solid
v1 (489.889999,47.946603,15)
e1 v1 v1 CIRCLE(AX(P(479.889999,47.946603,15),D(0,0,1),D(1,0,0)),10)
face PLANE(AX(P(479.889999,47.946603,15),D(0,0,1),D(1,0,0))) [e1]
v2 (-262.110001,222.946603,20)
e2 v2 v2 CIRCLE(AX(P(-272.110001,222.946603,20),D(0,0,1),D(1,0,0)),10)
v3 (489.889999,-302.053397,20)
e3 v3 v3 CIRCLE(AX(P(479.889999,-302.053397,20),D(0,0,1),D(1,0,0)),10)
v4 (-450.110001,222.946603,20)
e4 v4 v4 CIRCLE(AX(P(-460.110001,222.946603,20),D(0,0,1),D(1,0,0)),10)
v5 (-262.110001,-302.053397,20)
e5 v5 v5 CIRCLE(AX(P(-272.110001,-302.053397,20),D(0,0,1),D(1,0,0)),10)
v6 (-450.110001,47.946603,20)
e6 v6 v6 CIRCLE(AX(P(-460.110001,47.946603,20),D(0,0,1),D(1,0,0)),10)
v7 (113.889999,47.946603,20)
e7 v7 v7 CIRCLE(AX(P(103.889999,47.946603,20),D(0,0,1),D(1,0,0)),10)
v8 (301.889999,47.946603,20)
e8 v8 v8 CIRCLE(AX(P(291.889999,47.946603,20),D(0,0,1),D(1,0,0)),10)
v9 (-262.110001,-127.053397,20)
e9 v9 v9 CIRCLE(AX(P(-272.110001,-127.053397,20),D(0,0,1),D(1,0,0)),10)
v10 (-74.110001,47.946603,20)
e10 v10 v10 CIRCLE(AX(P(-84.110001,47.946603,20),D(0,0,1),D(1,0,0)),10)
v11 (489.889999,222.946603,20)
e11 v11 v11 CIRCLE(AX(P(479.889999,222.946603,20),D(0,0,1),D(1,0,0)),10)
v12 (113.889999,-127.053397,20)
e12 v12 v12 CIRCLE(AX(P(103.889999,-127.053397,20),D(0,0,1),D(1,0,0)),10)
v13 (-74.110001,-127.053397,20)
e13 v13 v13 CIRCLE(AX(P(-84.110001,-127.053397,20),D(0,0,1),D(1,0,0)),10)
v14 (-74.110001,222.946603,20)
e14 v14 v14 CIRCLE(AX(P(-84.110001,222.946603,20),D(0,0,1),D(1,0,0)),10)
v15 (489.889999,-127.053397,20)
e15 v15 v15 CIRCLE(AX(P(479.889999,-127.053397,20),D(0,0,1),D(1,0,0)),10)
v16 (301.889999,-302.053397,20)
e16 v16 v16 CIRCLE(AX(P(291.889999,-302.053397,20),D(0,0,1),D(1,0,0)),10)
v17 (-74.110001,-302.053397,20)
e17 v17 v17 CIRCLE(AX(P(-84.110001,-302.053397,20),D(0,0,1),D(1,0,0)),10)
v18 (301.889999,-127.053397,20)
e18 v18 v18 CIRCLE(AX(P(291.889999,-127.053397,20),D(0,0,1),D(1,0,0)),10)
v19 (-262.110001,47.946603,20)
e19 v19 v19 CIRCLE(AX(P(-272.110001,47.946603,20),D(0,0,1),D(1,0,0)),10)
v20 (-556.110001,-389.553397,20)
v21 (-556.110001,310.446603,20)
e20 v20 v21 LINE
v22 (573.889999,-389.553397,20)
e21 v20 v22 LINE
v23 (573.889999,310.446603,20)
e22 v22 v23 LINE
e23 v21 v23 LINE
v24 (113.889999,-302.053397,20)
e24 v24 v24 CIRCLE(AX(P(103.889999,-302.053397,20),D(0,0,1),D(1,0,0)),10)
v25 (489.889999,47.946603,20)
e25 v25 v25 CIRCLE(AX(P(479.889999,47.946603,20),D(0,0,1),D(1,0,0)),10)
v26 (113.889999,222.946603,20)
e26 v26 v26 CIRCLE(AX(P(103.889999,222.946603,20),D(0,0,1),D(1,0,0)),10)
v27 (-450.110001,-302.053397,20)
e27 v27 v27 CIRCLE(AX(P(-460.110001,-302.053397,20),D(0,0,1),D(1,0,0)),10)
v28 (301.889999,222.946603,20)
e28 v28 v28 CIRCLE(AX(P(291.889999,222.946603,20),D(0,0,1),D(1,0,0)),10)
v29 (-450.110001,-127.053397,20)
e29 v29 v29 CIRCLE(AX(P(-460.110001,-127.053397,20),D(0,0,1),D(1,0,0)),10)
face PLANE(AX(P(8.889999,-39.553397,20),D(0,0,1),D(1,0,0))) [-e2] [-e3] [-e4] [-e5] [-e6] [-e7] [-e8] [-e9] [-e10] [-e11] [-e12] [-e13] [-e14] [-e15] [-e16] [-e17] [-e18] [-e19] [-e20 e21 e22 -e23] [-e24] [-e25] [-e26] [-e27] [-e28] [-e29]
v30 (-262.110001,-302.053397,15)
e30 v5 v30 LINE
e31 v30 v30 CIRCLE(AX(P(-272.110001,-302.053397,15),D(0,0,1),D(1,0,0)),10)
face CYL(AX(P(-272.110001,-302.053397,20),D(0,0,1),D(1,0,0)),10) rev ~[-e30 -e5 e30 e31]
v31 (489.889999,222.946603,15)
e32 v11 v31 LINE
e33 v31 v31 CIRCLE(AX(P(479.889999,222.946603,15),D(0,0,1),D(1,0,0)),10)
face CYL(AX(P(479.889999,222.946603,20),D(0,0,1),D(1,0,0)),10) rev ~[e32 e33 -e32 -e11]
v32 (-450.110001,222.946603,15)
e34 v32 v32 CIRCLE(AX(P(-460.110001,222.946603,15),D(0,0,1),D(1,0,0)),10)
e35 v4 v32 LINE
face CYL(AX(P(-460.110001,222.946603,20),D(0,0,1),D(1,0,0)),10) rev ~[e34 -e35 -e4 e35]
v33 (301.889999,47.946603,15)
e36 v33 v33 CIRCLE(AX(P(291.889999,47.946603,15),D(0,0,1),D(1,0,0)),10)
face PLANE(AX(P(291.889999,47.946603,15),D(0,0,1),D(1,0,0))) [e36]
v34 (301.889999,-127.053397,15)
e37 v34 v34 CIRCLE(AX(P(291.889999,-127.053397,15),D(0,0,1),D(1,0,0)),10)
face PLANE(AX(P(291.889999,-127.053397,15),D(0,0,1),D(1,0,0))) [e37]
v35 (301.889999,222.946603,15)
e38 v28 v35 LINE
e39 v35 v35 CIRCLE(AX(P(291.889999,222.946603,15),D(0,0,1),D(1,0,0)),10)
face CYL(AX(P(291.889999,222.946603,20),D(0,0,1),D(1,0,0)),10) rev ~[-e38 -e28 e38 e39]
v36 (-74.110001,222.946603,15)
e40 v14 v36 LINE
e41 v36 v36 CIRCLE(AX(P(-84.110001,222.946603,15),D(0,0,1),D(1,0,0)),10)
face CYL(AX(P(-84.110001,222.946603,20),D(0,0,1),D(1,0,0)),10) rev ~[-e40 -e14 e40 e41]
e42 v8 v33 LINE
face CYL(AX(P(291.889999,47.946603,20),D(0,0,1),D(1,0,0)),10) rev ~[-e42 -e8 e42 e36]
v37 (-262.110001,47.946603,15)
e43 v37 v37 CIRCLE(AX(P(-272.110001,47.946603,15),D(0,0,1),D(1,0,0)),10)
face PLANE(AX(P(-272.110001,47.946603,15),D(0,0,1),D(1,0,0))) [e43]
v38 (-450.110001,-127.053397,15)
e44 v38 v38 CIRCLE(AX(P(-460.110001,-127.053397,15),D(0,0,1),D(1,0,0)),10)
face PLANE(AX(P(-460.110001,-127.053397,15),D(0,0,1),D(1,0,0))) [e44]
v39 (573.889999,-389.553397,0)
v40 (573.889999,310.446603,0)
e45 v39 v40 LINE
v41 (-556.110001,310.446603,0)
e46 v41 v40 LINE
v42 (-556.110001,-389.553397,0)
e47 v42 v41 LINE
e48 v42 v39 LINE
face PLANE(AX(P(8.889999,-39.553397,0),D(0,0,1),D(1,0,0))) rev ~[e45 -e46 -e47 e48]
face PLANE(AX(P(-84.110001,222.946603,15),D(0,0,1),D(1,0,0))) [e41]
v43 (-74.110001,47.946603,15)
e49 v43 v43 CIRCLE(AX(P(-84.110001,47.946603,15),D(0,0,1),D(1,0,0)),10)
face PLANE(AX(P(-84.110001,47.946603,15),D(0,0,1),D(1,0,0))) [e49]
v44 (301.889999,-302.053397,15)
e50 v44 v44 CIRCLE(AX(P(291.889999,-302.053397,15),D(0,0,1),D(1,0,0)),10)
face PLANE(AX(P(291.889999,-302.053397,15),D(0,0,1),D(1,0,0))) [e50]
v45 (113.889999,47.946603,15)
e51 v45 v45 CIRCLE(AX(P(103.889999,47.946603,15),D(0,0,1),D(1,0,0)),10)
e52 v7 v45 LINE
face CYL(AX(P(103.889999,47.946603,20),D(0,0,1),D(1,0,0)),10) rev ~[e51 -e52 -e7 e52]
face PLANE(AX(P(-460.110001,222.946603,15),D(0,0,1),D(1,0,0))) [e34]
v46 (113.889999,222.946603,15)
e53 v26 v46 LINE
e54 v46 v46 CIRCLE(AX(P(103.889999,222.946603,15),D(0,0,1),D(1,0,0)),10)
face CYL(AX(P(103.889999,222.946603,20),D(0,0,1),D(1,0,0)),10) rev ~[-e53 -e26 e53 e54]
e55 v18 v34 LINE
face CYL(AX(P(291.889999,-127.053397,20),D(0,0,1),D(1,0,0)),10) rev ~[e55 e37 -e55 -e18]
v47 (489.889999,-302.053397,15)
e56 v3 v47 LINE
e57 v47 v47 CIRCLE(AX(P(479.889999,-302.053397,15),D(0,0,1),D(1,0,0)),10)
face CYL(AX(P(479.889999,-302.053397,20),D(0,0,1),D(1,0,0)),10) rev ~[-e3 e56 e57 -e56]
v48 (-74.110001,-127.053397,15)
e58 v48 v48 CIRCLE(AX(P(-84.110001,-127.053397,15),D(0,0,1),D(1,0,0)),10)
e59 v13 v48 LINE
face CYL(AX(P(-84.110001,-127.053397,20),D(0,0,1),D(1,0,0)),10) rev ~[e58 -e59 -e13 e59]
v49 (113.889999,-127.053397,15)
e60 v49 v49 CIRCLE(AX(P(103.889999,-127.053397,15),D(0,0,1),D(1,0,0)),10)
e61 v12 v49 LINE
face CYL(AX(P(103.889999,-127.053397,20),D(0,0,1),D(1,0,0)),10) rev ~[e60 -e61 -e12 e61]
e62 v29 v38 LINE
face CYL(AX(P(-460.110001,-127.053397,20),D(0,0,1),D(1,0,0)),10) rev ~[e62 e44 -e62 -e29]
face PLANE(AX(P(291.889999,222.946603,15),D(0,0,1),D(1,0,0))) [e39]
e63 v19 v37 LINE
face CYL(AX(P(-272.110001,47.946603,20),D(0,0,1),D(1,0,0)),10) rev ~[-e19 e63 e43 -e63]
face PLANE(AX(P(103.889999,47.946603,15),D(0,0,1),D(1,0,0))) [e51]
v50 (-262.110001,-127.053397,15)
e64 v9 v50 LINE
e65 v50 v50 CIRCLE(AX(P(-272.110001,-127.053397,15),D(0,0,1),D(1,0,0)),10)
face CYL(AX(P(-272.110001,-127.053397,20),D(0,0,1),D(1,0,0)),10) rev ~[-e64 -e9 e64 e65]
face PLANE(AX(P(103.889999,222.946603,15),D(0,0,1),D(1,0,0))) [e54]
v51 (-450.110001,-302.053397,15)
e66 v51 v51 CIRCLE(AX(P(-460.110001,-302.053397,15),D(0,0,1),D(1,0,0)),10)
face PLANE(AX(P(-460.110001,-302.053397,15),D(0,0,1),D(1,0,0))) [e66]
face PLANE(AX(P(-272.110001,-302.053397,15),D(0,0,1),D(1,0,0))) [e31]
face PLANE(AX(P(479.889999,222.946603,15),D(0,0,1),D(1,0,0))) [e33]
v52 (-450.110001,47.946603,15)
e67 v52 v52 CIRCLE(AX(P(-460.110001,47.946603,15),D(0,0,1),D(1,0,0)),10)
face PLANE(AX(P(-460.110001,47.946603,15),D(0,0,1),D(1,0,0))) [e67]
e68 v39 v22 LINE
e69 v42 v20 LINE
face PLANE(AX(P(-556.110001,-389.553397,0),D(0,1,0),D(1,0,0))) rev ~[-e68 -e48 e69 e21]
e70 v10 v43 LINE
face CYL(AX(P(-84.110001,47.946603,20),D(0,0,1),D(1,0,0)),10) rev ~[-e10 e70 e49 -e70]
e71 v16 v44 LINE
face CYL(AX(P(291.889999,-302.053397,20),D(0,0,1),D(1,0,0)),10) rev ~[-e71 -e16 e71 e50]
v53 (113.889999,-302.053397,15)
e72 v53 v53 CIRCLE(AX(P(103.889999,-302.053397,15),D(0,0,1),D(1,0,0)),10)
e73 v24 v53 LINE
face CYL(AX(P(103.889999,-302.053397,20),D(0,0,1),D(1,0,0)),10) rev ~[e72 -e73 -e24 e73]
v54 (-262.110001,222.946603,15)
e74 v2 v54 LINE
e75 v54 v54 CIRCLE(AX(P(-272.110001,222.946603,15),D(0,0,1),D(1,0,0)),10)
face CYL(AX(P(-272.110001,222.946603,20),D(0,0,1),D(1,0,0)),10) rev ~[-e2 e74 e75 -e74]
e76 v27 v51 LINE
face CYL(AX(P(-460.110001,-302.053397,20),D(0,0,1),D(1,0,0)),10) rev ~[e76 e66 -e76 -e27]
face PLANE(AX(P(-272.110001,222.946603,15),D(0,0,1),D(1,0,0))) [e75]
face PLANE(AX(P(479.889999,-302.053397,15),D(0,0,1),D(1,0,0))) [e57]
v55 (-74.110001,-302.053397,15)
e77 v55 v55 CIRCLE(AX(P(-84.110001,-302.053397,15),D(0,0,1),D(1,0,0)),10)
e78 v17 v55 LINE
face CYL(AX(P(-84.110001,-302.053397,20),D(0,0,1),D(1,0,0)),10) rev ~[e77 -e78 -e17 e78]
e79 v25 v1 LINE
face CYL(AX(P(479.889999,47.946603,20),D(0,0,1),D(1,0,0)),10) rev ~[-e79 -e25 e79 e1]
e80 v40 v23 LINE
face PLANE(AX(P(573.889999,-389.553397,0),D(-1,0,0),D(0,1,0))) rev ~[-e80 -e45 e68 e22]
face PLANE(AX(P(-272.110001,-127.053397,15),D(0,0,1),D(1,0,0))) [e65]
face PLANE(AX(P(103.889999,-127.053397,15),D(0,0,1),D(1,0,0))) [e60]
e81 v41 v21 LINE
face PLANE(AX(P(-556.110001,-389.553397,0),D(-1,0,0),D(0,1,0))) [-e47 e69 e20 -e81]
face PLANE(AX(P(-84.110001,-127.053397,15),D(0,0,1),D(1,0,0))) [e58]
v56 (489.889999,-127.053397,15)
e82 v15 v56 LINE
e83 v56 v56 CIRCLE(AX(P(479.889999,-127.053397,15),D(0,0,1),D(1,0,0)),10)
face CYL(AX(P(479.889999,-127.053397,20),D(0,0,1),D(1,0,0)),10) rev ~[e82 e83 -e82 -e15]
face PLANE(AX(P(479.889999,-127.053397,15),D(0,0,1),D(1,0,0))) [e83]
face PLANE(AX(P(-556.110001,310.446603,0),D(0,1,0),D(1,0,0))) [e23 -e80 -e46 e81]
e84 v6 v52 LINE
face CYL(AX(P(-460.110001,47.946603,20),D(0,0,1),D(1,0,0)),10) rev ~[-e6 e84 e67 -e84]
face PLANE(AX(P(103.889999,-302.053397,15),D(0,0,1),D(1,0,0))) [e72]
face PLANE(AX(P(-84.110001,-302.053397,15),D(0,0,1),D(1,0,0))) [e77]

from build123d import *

# Parameters (mm, degrees)
F0_W     = 1130
F0_H     = 700
F1_DEPTH = 20
F2_R     = 10
F3_DEPTH = 5
F4_DEPTH = 5


with BuildPart() as f1:
    # F0 (on Top) → F1 (new body)
    with BuildSketch(Plane.XY):
        with Locations((8.889999, -39.553397)):
            Rectangle(F0_W, F0_H)
    extrude(amount=F1_DEPTH)

    # F2 (on face) → F3 (cut)
    with BuildSketch(Plane.XY.offset(20)):
        with Locations((479.889999, 222.946603)):
            Circle(F2_R)
    extrude(amount=-F3_DEPTH, mode=Mode.SUBTRACT)

    # F2 (on face) → F4 (cut)
    with BuildSketch(Plane.XY.offset(20)):
        with Locations((479.889999, 222.946603)):
            Circle(F2_R)
        with Locations((291.889999, 222.946603)):
            Circle(F2_R)
        with Locations((103.889999, 222.946603)):
            Circle(F2_R)
        with Locations((-84.110001, 222.946603)):
            Circle(F2_R)
        with Locations((-272.110001, 222.946603)):
            Circle(F2_R)
        with Locations((-460.110001, 222.946603)):
            Circle(F2_R)
        with Locations((-460.110001, 47.946603)):
            Circle(F2_R)
        with Locations((-460.110001, -127.053397)):
            Circle(F2_R)
        with Locations((-460.110001, -302.053397)):
            Circle(F2_R)
        with Locations((-272.110001, -302.053397)):
            Circle(F2_R)
        with Locations((-84.110001, -302.053397)):
            Circle(F2_R)
        with Locations((103.889999, -302.053397)):
            Circle(F2_R)
        with Locations((291.889999, -302.053397)):
            Circle(F2_R)
        with Locations((479.889999, -302.053397)):
            Circle(F2_R)
        with Locations((479.889999, -127.053397)):
            Circle(F2_R)
        with Locations((479.889999, 47.946603)):
            Circle(F2_R)
        with Locations((291.889999, 47.946603)):
            Circle(F2_R)
        with Locations((291.889999, -127.053397)):
            Circle(F2_R)
        with Locations((103.889999, -127.053397)):
            Circle(F2_R)
        with Locations((-84.110001, -127.053397)):
            Circle(F2_R)
        with Locations((-272.110001, -127.053397)):
            Circle(F2_R)
        with Locations((-272.110001, 47.946603)):
            Circle(F2_R)
        with Locations((-84.110001, 47.946603)):
            Circle(F2_R)
        with Locations((103.889999, 47.946603)):
            Circle(F2_R)
    extrude(amount=-F4_DEPTH, mode=Mode.SUBTRACT)


solid = f1.part
